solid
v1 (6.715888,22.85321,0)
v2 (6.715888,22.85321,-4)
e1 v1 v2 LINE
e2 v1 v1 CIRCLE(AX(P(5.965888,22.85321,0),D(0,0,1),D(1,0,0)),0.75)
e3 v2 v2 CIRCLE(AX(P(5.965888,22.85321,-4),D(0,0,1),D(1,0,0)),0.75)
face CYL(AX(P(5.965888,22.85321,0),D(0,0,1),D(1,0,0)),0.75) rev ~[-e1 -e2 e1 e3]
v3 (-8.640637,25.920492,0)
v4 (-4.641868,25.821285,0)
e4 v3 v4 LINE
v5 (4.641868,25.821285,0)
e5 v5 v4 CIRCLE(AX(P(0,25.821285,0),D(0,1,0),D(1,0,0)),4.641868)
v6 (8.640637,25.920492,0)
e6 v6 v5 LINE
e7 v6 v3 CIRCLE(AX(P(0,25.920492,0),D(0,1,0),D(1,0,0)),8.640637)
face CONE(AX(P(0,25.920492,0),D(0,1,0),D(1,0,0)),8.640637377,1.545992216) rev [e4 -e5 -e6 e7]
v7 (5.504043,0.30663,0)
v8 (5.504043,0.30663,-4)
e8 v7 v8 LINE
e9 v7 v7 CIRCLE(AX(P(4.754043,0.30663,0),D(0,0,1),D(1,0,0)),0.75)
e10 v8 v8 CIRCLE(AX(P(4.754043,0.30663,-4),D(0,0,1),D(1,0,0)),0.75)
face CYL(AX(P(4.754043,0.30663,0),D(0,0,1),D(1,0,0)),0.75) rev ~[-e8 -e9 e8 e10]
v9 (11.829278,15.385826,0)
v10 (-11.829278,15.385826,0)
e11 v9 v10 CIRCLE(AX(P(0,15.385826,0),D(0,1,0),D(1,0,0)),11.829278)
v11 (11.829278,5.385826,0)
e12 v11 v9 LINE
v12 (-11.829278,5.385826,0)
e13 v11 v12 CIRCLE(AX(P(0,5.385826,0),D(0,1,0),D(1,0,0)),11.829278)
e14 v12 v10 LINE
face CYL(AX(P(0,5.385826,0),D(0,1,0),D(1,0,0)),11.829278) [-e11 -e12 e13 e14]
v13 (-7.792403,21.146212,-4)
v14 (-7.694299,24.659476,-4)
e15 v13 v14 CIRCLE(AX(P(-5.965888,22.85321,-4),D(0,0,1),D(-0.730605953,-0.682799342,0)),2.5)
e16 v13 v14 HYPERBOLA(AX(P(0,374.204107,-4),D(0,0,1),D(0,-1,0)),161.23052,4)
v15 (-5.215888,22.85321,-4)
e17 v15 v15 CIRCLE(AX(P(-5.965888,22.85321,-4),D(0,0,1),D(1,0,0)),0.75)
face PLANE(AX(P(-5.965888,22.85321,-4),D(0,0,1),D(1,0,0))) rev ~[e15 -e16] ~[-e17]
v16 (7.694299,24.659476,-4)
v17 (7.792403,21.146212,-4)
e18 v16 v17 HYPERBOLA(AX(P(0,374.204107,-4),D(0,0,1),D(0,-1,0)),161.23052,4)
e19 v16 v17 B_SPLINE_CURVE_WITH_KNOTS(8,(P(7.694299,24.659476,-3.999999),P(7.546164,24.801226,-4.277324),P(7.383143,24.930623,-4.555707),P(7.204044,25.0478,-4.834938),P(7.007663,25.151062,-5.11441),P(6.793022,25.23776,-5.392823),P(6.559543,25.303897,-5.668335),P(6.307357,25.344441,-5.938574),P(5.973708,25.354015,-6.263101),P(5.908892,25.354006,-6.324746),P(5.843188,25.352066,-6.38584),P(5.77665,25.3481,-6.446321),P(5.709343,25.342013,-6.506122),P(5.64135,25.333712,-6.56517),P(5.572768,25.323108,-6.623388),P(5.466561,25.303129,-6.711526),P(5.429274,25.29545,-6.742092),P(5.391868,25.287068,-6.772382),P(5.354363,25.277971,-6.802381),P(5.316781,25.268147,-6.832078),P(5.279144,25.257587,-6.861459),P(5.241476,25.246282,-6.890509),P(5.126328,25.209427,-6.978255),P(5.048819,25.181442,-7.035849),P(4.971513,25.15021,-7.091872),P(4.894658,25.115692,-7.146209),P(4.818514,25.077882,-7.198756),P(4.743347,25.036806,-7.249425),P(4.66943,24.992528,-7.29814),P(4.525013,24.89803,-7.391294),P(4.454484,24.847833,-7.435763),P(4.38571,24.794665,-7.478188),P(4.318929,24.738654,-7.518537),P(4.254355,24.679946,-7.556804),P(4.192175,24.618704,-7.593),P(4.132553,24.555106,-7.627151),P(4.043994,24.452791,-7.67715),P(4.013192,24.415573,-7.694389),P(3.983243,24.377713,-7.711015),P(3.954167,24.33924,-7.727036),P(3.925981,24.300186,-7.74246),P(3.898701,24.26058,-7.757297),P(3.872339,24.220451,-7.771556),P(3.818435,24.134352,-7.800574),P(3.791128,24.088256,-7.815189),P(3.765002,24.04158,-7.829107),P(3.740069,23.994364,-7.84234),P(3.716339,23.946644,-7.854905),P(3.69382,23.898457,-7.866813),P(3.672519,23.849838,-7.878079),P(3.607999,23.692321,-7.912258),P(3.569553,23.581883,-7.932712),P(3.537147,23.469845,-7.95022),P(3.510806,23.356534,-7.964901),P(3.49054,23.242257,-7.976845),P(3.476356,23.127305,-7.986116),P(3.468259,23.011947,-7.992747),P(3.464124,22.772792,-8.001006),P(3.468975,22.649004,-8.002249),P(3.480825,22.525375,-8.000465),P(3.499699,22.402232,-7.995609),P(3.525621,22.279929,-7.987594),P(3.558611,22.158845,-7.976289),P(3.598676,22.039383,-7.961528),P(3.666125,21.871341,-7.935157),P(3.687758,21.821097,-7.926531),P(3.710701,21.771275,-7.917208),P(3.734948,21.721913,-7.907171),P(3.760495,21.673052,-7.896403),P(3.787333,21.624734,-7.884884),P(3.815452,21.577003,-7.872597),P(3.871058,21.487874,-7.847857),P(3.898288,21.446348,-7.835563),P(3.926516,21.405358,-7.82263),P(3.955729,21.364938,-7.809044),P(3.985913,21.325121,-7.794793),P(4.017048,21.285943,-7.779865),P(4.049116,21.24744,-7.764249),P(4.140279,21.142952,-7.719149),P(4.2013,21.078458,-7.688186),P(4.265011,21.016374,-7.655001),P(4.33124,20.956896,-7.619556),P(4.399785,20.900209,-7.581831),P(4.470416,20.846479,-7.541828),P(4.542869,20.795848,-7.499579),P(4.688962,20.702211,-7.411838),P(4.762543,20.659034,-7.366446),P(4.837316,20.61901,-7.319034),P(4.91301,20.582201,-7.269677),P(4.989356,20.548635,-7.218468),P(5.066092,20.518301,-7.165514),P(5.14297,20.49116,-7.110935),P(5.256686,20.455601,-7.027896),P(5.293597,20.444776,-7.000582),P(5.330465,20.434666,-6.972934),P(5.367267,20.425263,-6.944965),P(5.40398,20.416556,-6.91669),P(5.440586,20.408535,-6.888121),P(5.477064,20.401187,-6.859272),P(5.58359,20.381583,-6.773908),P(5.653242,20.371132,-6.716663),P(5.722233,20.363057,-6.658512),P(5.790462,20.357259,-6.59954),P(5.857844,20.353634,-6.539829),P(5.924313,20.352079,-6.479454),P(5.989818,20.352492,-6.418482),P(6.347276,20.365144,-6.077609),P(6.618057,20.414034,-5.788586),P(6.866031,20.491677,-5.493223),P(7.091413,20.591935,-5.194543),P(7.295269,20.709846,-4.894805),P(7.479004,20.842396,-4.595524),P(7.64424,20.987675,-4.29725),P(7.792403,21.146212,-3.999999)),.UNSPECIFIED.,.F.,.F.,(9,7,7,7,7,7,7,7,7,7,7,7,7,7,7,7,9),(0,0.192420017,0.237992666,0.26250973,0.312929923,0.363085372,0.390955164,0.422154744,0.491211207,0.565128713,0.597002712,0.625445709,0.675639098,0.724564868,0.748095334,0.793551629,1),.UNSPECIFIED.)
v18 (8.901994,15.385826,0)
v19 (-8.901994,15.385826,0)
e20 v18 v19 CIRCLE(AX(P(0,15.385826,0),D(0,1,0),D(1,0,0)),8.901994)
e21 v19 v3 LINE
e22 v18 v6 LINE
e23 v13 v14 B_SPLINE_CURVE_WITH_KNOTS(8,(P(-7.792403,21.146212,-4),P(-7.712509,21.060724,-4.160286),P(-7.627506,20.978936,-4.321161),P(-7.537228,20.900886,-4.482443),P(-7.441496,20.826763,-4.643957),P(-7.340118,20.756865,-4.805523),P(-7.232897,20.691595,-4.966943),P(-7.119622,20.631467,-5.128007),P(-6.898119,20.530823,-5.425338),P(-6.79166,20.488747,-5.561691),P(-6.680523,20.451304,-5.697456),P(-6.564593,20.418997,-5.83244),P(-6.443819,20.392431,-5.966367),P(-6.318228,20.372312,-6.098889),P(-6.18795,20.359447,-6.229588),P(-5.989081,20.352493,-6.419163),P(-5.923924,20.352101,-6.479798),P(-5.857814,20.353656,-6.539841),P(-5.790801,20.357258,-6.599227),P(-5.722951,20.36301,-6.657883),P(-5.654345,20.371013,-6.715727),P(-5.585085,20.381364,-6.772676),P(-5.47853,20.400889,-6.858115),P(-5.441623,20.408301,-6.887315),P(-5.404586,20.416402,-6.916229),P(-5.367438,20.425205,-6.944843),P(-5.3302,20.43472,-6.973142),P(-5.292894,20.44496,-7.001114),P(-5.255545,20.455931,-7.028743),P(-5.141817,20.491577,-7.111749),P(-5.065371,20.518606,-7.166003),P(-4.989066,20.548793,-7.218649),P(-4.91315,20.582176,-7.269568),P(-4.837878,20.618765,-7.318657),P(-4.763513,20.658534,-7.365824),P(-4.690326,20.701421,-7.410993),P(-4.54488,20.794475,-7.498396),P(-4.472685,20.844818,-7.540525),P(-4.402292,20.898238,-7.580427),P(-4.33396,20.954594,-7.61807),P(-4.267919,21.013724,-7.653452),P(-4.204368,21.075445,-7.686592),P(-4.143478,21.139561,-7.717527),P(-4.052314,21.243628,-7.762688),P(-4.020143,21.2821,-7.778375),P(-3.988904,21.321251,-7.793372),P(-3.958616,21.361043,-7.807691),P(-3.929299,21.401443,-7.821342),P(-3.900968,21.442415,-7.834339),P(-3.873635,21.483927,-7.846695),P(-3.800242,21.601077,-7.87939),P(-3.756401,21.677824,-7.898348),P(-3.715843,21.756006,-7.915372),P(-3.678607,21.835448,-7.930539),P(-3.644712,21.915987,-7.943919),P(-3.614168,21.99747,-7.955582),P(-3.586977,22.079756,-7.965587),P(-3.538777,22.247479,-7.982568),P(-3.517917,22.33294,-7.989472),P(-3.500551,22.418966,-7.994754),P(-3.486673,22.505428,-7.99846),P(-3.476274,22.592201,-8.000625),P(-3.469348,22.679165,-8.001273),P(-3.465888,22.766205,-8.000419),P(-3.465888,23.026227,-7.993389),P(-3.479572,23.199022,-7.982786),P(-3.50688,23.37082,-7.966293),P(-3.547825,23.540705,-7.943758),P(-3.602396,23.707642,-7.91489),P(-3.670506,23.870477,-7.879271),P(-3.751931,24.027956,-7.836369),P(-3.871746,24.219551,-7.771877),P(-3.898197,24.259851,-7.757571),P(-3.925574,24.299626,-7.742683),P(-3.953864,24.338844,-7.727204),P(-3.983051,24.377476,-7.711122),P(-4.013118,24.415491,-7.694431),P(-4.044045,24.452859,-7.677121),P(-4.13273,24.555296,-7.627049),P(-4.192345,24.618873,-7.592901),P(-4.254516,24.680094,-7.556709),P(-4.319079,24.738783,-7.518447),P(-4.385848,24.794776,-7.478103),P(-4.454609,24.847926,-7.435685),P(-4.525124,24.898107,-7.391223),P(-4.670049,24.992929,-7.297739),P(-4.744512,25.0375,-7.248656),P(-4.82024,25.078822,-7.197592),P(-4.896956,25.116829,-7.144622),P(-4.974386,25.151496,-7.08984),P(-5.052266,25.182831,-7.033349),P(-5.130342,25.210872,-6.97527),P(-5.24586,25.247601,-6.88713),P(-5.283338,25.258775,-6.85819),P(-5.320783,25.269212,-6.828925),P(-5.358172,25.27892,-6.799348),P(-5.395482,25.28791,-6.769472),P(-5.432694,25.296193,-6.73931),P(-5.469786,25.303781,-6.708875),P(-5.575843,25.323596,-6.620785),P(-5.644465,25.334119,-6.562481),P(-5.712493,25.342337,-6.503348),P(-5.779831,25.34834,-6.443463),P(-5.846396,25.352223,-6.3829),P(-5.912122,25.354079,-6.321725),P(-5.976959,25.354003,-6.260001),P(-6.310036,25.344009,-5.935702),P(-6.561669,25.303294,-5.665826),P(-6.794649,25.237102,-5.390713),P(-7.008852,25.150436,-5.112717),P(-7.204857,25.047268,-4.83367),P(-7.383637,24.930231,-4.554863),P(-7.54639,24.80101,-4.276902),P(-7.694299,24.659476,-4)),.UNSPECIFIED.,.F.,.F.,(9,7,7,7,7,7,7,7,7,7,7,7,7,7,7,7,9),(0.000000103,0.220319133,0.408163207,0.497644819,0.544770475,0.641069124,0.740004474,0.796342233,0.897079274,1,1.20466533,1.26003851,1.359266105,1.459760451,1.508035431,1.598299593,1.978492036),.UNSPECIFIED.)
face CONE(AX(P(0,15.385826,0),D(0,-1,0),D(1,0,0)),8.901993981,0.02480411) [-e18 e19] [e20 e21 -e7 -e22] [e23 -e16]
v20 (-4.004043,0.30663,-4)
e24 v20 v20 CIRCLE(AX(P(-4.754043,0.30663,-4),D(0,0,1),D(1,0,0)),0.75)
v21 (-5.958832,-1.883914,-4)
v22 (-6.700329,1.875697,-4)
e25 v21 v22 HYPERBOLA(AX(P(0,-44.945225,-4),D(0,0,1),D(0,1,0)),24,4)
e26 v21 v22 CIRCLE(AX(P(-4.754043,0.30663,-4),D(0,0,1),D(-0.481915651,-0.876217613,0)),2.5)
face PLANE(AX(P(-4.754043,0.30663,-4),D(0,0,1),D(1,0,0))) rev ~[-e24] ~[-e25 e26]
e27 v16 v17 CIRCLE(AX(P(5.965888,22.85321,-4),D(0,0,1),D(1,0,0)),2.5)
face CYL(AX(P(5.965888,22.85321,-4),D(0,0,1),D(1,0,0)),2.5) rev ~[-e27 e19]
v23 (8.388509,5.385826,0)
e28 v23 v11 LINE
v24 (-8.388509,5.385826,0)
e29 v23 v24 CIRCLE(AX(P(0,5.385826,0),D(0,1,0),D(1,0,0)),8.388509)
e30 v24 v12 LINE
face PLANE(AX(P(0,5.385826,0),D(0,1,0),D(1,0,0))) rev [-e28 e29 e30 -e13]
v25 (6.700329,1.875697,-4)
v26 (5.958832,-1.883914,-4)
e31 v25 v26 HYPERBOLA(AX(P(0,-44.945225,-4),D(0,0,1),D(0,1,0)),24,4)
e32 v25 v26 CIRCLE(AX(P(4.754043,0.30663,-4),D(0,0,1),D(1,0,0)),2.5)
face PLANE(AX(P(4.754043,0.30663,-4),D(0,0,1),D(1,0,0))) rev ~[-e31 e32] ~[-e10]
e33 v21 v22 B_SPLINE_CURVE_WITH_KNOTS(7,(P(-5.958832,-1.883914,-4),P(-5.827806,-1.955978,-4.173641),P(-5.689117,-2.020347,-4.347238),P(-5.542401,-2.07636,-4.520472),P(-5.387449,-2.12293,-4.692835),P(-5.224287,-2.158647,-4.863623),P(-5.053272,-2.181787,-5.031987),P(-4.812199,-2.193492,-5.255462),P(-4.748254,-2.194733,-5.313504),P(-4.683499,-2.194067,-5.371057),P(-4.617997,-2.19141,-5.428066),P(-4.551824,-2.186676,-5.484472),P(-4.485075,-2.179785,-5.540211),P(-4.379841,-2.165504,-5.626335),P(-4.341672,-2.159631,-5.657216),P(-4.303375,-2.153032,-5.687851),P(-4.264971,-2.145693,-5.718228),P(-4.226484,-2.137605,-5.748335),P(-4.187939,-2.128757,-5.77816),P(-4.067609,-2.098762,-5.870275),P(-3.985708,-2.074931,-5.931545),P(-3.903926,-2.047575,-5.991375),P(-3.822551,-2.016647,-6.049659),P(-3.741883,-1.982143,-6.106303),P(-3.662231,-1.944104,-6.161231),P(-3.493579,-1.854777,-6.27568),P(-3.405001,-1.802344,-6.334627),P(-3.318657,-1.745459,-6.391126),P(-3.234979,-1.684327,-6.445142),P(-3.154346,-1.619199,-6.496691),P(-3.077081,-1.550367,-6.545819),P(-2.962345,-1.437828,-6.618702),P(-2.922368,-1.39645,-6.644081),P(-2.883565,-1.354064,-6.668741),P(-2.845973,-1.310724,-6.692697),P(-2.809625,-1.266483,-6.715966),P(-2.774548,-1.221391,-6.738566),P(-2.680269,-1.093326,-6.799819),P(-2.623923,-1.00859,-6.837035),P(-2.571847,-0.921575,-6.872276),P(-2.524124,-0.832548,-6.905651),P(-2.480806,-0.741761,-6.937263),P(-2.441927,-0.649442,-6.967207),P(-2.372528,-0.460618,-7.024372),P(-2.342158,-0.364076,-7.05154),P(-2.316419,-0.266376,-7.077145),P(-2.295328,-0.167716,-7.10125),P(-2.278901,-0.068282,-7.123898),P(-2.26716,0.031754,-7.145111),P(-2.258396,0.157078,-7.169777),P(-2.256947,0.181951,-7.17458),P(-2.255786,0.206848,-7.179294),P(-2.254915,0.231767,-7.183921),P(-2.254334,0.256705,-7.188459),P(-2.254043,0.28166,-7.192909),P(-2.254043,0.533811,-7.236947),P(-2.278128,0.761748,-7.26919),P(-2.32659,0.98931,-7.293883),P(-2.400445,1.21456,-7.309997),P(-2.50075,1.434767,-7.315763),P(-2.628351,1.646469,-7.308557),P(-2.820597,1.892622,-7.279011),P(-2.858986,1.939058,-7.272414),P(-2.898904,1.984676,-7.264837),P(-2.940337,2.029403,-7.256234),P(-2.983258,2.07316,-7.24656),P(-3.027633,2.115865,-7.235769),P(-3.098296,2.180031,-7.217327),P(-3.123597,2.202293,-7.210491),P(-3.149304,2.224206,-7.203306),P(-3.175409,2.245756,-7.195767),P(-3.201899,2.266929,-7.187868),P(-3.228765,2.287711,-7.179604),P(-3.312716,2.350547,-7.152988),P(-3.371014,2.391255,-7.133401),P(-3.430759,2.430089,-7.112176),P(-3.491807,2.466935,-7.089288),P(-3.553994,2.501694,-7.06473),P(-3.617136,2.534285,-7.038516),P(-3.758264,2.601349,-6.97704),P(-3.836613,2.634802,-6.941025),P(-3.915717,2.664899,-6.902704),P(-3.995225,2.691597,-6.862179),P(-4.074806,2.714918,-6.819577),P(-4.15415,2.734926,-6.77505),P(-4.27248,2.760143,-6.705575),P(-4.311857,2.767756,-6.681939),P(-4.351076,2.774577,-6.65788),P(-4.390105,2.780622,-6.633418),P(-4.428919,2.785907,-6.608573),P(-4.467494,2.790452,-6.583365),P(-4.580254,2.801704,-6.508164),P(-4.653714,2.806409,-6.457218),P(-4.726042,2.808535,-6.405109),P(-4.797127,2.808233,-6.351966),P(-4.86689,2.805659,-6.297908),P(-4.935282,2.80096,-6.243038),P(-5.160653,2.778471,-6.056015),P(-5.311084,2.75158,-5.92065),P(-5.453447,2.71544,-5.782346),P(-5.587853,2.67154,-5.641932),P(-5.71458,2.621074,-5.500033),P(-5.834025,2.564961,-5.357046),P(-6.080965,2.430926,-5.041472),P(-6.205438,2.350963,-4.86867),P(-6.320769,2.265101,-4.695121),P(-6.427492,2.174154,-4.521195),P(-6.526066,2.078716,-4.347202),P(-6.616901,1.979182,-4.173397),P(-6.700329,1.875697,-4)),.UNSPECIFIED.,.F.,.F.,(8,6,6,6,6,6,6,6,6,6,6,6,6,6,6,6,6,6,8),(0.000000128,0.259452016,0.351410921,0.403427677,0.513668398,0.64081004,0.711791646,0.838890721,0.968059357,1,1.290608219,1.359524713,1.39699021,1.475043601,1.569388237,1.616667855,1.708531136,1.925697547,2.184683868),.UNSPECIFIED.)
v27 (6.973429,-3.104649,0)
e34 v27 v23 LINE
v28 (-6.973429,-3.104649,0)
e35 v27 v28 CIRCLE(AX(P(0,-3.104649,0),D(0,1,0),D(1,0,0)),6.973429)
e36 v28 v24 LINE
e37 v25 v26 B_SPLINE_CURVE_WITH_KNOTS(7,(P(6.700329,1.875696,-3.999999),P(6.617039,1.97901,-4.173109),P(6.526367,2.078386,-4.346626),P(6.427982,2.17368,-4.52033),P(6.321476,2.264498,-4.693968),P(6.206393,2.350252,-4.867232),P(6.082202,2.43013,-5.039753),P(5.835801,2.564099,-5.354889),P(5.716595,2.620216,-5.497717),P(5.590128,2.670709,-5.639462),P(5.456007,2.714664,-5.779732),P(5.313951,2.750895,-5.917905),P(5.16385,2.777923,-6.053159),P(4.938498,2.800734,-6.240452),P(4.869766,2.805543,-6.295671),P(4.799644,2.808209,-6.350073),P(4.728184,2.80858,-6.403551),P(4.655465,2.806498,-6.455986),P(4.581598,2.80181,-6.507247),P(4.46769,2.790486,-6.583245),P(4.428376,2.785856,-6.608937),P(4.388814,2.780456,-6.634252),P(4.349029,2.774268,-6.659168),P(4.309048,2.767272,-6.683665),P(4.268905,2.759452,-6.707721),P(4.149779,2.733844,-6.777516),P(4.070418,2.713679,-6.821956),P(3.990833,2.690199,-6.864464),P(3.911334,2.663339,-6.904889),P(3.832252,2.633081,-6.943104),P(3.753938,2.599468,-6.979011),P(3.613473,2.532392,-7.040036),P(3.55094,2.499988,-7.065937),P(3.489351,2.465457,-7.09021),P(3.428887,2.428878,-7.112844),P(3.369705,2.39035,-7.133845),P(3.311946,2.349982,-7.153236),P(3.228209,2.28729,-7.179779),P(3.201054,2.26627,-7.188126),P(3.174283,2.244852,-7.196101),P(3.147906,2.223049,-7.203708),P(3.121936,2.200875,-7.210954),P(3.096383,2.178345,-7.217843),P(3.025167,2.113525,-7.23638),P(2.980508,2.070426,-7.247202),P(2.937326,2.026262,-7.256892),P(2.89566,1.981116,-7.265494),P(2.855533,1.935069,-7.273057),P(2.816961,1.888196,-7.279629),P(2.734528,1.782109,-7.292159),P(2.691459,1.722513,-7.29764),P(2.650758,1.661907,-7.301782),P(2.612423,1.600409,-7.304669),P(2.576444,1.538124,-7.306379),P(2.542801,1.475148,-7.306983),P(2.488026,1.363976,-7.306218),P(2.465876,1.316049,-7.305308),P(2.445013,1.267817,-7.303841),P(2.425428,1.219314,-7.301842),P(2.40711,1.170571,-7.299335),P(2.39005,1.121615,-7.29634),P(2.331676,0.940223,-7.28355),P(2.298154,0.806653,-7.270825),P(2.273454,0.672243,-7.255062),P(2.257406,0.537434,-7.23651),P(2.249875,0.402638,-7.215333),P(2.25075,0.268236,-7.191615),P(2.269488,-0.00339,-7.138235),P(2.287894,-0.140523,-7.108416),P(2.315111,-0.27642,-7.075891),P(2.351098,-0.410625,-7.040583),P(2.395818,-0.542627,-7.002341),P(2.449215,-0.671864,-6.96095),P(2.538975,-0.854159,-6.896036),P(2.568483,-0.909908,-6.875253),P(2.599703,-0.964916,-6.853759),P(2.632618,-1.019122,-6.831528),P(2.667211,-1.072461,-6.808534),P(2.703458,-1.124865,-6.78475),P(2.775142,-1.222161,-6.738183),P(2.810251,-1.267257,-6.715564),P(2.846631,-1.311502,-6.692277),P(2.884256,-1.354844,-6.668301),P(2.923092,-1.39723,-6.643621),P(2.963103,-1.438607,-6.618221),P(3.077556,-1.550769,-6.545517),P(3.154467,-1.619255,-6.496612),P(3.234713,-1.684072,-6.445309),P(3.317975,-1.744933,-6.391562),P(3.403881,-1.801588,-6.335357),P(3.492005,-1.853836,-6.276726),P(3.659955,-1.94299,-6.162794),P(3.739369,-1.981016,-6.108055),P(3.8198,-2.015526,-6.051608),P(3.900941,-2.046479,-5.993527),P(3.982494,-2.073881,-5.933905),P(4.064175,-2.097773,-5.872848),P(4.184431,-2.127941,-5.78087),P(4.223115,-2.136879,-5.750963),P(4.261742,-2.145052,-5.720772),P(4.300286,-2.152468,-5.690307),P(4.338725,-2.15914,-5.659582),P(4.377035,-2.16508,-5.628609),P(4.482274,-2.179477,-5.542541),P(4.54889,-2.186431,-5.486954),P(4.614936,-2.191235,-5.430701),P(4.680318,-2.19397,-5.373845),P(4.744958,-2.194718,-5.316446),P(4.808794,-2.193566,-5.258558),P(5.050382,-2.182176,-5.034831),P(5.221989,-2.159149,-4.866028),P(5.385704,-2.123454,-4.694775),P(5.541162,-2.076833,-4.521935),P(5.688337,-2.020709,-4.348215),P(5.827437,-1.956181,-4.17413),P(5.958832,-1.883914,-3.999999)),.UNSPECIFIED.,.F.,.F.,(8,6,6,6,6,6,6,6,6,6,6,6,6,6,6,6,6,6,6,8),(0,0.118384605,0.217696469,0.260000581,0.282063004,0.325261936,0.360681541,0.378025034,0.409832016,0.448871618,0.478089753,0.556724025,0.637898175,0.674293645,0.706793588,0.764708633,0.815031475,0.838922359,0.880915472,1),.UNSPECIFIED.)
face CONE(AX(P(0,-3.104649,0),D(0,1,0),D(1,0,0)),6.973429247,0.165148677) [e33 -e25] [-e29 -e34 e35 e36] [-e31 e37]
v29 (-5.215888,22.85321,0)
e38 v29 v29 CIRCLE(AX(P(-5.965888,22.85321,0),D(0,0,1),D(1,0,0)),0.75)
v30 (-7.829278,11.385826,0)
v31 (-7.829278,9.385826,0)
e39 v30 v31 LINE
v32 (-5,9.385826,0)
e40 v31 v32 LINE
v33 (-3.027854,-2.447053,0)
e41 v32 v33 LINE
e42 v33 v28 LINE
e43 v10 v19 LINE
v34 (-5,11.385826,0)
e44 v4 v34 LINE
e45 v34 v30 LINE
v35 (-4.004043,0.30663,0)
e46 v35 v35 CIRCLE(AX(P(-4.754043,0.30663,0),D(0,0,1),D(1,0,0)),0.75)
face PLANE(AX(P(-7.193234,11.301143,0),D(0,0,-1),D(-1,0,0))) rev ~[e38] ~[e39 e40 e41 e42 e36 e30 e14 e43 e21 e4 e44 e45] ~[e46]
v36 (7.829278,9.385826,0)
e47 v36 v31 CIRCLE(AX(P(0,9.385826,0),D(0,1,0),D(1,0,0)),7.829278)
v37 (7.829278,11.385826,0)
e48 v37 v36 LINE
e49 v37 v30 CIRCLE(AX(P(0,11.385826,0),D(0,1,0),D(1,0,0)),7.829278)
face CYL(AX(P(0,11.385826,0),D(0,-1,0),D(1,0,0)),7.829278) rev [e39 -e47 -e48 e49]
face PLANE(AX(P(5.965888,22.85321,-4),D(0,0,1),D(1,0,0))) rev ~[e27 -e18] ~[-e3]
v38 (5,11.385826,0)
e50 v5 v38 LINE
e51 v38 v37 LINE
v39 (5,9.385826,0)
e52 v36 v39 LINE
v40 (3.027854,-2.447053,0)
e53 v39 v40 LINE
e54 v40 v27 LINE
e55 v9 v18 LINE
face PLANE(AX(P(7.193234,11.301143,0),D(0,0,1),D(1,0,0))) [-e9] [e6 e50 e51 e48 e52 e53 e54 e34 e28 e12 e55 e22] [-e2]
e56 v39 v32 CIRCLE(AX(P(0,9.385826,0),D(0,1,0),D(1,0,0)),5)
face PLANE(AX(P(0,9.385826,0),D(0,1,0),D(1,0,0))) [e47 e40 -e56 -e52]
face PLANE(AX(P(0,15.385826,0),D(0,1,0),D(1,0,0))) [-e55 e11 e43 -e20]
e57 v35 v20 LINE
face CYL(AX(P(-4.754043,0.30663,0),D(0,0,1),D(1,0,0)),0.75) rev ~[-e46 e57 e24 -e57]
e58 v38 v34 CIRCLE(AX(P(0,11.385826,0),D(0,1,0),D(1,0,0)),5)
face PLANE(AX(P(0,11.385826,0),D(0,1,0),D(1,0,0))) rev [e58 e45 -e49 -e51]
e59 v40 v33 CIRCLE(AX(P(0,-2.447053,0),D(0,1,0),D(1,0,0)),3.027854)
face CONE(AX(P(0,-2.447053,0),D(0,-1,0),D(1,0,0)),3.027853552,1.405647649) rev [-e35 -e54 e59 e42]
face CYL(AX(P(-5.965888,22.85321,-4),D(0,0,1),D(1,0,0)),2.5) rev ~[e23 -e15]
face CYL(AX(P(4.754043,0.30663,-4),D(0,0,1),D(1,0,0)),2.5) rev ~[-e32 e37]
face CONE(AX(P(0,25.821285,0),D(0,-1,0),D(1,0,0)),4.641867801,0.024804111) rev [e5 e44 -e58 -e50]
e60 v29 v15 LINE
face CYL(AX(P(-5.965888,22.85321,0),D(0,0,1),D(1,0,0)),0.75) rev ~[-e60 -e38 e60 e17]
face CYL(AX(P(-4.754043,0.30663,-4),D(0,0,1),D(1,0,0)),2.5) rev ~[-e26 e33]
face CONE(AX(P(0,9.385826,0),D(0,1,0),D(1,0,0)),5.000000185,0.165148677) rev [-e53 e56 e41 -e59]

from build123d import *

# Parameters (mm, degrees)
REVOLVE1_ANGLE     = 180
SKETCH27_R         = 0.75
CUT_EXTRUDE5_DEPTH = 31.850211464
CUT_EXTRUDE6_START = -4
SKETCH27_5_R       = 2.5
SKETCH27_5_R_2     = 0.75
CUT_EXTRUDE6_DEPTH = 10


with BuildPart() as part:
    # Sketch1 → Revolve1 (revolve)
    with BuildSketch(Plane.XY):
        Polygon((6.973429247, -3.10464929), (8.388508538, 5.385826457), (11.829278376, 5.385826457), (11.829278376, 15.385826457), (8.901993981, 15.385826457), (8.640637377, 25.920491769), (4.641867801, 25.8212855), (4.999999973, 11.385826457), (7.829278376, 11.385826457), (7.829278376, 9.385826457), (5.000000185, 9.385826457), (3.027853552, -2.447053341), align=None)
    revolve(axis=Axis((0, 0, 0), (0, 1, 0)), revolution_arc=REVOLVE1_ANGLE)

    # Sketch27 → Cut-Extrude5 (cut, through all)
    with BuildSketch(Plane.XY):
        with Locations((5.965887995, 22.853210278)):
            Circle(SKETCH27_R)
        with Locations((-5.965887995, 22.853210278)):
            Circle(SKETCH27_R)
        with Locations((4.754042918, 0.306629697)):
            Circle(SKETCH27_R)
        with Locations((-4.754042918, 0.306629697)):
            Circle(SKETCH27_R)
    extrude(amount=-CUT_EXTRUDE5_DEPTH, mode=Mode.SUBTRACT)

    # Sketch27<5> → Cut-Extrude6 (cut)
    # profile 1 of 4: a face of its own
    with BuildSketch(Plane.XY.offset(CUT_EXTRUDE6_START)):
        with Locations((5.965887995, 22.853210278)):
            Circle(SKETCH27_5_R)
        with Locations((5.965887995, 22.853210278)):
            Circle(SKETCH27_5_R_2, mode=Mode.SUBTRACT)
    # profile 2 of 4: a face of its own
    with BuildSketch(Plane.XY.offset(CUT_EXTRUDE6_START)):
        with Locations((-5.965887995, 22.853210278)):
            Circle(SKETCH27_5_R)
        with Locations((-5.965887995, 22.853210278)):
            Circle(SKETCH27_5_R_2, mode=Mode.SUBTRACT)
    # profile 3 of 4: a face of its own
    with BuildSketch(Plane.XY.offset(CUT_EXTRUDE6_START)):
        with Locations((4.754042918, 0.306629697)):
            Circle(SKETCH27_5_R)
        with Locations((4.754042918, 0.306629697)):
            Circle(SKETCH27_5_R_2, mode=Mode.SUBTRACT)
    # profile 4 of 4: a face of its own
    with BuildSketch(Plane.XY.offset(CUT_EXTRUDE6_START)):
        with Locations((-4.754042918, 0.306629697)):
            Circle(SKETCH27_5_R)
        with Locations((-4.754042918, 0.306629697)):
            Circle(SKETCH27_5_R_2, mode=Mode.SUBTRACT)
    extrude(amount=-CUT_EXTRUDE6_DEPTH, mode=Mode.SUBTRACT)


solid = part.part
